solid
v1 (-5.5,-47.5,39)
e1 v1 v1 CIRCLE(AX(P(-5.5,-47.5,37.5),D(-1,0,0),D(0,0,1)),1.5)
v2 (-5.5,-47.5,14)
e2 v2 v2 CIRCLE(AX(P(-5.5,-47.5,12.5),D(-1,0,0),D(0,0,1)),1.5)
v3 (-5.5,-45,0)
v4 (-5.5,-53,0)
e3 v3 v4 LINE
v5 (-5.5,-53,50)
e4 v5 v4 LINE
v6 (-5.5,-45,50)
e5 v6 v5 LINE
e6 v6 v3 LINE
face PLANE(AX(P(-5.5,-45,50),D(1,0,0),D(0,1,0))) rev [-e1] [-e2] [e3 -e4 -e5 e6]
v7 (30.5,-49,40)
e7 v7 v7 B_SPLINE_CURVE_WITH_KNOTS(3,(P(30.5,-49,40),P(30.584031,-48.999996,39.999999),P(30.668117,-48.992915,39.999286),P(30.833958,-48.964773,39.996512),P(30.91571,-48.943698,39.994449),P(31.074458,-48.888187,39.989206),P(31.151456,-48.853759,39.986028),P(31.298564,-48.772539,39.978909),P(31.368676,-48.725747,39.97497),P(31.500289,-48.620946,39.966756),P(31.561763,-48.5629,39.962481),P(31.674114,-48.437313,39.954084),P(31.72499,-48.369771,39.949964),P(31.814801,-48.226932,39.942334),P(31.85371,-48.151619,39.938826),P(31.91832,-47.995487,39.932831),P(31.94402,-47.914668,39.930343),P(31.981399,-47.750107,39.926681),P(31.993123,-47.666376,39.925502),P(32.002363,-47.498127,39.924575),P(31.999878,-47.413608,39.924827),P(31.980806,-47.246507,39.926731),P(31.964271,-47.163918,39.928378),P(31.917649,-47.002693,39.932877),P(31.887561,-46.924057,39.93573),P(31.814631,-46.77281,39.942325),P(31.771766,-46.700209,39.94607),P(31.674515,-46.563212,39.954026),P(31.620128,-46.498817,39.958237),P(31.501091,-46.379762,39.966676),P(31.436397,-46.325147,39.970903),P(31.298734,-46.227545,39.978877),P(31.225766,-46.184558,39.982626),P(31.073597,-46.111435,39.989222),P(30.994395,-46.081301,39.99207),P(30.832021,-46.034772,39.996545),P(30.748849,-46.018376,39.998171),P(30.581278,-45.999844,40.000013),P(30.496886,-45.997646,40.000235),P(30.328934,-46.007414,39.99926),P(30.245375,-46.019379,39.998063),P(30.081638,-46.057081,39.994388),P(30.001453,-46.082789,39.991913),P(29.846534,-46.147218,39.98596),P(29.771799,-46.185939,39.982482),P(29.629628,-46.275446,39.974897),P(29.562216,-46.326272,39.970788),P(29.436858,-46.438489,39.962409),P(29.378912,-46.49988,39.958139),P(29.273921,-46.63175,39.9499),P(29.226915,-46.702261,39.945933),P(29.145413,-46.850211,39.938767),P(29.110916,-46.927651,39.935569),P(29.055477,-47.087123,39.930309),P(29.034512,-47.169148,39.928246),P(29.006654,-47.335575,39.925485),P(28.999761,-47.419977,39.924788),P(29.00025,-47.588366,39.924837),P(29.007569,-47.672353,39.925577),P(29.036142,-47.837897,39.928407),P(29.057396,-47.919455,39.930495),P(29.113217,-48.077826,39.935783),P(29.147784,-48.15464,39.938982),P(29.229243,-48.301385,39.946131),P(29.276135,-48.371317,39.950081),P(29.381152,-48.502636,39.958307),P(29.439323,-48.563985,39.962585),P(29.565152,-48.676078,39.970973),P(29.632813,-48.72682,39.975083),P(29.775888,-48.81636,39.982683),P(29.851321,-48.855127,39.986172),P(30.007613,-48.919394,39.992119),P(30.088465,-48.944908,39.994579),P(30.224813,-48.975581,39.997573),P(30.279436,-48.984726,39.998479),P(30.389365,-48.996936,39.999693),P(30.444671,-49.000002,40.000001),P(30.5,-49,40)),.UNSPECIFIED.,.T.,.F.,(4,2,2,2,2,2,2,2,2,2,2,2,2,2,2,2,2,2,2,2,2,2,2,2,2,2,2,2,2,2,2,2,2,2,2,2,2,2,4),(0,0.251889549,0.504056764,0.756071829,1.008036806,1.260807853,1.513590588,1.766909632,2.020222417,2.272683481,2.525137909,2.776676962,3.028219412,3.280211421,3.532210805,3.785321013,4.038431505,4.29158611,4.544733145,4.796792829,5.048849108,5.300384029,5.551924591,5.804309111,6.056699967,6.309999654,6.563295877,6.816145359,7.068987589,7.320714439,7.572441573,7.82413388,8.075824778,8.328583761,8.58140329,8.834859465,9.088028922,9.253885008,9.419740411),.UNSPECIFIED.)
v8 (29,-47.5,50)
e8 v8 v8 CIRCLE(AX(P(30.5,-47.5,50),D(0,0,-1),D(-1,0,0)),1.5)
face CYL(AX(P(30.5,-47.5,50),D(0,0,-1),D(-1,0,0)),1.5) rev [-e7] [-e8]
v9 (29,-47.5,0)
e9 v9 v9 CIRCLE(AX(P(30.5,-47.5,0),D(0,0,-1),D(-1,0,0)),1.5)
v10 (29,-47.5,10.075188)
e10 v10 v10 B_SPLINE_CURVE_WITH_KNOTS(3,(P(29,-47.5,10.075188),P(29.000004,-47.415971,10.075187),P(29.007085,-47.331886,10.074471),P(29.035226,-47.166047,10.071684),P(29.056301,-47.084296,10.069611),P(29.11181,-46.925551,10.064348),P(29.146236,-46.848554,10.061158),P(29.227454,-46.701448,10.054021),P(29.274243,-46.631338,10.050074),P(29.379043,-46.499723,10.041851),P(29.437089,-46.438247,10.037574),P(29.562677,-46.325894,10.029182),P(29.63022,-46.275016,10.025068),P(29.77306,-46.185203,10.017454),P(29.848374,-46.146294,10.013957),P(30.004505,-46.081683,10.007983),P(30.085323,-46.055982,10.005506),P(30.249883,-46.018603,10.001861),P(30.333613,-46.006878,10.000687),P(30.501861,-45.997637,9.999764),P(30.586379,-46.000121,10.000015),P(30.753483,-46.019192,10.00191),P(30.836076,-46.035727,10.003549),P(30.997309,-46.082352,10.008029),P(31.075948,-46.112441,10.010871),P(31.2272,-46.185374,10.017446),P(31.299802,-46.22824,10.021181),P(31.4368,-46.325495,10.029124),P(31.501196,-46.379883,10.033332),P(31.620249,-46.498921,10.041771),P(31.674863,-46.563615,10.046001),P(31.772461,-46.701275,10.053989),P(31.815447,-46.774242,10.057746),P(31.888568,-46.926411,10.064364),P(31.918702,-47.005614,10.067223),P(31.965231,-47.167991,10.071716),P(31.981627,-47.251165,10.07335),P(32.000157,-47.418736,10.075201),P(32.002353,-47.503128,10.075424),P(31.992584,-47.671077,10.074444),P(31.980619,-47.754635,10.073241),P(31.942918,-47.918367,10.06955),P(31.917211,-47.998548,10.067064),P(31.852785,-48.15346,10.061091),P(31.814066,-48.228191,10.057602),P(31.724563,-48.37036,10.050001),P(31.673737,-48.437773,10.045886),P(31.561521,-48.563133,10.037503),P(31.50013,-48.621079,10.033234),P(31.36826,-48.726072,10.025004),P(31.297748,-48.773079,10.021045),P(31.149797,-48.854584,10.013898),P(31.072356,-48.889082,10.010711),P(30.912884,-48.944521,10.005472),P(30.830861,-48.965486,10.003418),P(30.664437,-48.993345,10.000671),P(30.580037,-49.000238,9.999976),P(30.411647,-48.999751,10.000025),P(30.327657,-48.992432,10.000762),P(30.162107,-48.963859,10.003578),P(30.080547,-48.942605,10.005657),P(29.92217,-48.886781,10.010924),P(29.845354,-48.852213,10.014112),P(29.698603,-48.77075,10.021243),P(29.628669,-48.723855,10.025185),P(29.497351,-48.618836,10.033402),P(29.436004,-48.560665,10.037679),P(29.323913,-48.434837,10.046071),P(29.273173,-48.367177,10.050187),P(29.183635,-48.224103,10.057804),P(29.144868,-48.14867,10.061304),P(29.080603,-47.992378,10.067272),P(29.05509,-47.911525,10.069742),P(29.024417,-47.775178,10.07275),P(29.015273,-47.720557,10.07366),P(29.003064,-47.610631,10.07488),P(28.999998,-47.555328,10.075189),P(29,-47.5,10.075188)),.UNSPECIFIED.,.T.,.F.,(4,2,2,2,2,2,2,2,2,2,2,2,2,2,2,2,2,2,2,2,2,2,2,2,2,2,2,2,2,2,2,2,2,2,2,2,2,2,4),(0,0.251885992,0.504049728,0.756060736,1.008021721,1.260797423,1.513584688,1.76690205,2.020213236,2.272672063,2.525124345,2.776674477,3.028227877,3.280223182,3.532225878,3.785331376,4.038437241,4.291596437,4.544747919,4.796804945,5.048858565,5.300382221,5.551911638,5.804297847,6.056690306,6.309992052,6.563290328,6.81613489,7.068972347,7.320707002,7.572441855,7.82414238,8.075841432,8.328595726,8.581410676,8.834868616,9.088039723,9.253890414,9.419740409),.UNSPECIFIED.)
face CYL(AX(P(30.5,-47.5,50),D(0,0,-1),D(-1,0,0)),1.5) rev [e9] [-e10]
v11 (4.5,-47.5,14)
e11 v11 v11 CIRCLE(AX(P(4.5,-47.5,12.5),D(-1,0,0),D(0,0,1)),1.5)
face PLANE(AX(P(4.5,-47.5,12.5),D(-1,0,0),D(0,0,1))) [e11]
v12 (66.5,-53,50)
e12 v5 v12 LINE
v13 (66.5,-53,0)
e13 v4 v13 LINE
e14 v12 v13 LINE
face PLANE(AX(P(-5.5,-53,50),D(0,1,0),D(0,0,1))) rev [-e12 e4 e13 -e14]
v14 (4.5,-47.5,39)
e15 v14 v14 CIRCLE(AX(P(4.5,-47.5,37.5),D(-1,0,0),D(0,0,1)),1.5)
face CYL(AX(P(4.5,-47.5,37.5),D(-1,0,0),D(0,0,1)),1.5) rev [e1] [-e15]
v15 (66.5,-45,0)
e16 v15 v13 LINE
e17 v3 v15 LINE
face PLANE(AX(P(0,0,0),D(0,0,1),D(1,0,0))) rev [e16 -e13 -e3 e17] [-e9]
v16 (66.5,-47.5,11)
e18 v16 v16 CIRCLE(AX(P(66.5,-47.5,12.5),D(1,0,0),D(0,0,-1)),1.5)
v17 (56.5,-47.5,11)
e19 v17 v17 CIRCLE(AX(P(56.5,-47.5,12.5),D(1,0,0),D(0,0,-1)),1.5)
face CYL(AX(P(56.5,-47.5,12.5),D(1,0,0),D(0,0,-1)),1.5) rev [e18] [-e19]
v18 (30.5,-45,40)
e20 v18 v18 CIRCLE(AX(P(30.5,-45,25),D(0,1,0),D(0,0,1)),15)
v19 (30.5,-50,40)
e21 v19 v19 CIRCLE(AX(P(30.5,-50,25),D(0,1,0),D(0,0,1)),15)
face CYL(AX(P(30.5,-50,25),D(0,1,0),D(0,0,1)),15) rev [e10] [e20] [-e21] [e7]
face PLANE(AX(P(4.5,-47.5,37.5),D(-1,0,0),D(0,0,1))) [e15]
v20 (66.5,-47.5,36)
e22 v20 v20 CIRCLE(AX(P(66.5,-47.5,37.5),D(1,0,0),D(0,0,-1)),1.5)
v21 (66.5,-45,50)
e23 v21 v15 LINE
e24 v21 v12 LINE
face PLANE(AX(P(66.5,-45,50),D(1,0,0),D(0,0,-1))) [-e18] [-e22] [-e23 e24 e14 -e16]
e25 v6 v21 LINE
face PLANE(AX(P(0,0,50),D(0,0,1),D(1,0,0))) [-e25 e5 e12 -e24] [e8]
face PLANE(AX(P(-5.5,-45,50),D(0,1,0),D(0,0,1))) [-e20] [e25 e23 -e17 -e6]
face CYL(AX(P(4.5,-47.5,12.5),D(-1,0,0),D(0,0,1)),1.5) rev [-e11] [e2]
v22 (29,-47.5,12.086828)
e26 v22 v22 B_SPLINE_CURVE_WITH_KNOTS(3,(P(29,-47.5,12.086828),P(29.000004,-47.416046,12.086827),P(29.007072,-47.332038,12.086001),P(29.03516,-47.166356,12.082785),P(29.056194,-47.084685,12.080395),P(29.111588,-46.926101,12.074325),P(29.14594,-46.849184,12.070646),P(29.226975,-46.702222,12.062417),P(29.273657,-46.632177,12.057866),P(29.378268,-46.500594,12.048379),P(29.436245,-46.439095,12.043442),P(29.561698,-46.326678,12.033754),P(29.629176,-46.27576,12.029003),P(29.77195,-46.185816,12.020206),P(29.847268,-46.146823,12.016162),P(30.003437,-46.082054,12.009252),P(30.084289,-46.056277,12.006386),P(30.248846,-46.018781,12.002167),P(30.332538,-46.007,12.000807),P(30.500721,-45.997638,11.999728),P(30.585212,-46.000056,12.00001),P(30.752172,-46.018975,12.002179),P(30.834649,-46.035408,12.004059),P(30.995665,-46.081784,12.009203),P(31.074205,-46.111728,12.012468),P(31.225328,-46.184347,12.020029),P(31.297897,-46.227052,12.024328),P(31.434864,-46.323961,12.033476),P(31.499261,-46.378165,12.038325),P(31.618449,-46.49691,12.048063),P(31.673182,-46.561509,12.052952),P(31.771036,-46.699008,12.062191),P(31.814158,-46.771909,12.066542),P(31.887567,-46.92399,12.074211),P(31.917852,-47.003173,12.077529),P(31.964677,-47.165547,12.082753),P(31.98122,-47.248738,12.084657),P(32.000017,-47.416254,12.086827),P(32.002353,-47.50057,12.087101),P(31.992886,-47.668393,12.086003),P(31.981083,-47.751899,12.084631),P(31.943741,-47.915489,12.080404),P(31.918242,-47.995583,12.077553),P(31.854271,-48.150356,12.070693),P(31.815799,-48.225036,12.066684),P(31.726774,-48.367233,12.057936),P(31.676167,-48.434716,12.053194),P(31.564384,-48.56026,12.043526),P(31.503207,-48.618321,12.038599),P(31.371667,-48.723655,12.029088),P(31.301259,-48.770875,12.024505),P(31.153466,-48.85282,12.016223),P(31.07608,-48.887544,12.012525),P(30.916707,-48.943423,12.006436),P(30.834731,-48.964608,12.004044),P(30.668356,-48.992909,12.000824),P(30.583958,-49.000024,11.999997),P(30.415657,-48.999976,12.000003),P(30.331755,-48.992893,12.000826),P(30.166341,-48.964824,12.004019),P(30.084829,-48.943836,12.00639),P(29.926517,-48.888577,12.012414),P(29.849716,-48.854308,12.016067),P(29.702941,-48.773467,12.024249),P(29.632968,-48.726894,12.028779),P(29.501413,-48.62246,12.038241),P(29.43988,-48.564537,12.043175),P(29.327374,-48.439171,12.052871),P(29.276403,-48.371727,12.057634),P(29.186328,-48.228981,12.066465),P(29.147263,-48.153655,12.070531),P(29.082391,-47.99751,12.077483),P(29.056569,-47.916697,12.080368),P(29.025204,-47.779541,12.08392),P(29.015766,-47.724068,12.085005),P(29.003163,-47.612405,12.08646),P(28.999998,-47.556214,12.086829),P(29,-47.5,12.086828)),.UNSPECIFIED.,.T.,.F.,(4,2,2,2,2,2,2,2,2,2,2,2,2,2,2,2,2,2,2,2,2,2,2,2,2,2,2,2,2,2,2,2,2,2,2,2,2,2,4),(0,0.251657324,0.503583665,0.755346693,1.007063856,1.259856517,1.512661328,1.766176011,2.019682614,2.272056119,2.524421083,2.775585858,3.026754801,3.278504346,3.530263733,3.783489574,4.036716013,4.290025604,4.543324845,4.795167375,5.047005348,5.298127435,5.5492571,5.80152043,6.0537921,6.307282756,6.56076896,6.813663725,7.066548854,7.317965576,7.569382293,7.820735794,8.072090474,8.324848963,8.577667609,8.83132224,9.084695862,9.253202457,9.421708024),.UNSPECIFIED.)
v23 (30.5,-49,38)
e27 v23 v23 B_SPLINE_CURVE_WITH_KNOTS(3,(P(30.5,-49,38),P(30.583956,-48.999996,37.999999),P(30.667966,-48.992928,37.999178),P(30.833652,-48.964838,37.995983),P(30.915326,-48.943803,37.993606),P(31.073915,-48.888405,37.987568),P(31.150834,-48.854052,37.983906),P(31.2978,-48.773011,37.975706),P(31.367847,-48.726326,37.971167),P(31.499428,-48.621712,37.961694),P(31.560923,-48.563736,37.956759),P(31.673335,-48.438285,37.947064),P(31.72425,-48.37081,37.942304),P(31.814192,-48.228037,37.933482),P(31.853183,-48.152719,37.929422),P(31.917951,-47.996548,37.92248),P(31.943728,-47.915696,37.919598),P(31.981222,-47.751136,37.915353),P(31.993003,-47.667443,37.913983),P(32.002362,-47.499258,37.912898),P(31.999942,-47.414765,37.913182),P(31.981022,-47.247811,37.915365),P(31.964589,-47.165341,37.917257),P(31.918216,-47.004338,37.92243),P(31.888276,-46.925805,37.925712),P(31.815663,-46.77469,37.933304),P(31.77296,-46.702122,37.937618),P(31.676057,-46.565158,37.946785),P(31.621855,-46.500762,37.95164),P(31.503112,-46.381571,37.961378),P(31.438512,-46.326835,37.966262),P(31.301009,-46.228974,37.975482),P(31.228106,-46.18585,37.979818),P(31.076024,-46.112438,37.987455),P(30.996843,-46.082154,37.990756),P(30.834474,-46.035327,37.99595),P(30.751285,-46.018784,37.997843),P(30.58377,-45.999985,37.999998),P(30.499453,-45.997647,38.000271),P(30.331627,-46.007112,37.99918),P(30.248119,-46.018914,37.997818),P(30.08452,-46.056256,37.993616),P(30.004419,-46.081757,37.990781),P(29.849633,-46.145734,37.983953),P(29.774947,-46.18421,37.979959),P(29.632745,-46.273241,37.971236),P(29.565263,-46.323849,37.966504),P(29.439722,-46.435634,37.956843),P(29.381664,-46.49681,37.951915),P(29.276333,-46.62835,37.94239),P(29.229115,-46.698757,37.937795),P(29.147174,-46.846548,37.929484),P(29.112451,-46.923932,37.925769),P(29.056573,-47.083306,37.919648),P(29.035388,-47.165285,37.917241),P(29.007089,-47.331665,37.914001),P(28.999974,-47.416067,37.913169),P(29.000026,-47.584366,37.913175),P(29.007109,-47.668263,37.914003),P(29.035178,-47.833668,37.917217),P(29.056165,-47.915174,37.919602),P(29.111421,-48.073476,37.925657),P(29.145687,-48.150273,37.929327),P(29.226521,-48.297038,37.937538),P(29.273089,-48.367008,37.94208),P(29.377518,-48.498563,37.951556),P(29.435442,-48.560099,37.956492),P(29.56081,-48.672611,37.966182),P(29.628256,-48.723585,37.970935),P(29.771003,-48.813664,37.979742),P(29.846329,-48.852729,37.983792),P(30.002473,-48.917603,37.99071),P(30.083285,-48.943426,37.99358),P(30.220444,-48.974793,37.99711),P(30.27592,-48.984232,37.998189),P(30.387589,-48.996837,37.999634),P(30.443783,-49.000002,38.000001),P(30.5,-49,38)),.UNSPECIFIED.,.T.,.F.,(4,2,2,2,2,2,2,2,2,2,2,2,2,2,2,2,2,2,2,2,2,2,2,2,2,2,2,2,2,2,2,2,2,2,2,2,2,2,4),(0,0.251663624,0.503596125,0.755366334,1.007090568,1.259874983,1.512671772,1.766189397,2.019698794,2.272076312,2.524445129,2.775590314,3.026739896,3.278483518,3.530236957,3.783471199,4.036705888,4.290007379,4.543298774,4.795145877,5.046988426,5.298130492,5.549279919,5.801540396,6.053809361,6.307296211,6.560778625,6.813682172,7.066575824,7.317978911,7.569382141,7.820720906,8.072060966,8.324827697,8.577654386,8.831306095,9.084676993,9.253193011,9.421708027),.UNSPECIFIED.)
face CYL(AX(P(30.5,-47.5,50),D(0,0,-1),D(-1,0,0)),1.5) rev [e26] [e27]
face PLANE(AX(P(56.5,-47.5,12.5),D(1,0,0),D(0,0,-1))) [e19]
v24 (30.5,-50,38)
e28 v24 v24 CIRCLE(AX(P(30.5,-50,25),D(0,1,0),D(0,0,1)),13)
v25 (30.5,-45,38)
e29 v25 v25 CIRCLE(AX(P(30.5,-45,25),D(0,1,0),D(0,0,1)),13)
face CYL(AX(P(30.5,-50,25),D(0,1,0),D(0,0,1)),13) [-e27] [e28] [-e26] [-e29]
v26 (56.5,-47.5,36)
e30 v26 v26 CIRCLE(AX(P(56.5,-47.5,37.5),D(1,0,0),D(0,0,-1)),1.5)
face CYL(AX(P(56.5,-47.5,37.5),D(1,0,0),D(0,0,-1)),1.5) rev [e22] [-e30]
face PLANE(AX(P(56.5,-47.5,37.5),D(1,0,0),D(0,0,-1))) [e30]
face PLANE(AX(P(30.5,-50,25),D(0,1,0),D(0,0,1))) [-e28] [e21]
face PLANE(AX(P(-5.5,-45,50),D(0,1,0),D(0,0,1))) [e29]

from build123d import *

# Parameters (mm, degrees)
ESQUISSE1_W             = 72
ESQUISSE1_H             = 8
BOSS_EXTRU_1_DEPTH      = 50
ESQUISSE2_R             = 15
ESQUISSE2_R_2           = 13
ENL_V_MAT_EXTRU_1_DEPTH = 5
ESQUISSE3_R             = 1.5
ENL_V_MAT_EXTRU_2_DEPTH = 10
ESQUISSE4_R             = 1.5
ENL_V_MAT_EXTRU_3_DEPTH = 10
ESQUISSE5_R             = 1.5
ENL_V_MAT_EXTRU_4_DEPTH = 51


with BuildPart() as part:
    # Esquisse1 → Boss.-Extru.1 (new body)
    with BuildSketch(Plane.XY):
        with Locations((30.5, -49)):
            Rectangle(ESQUISSE1_W, ESQUISSE1_H)
    extrude(amount=BOSS_EXTRU_1_DEPTH)

    # Esquisse2 → Enlèv. mat.-Extru.1 (cut)
    with BuildSketch(Plane(origin=(0, -45, 0), x_dir=(-1, 0, 0), z_dir=(0, 1, 0))):
        with Locations((-30.5, 25)):
            Circle(ESQUISSE2_R)
        with Locations((-30.5, 25)):
            Circle(ESQUISSE2_R_2, mode=Mode.SUBTRACT)
    extrude(amount=-ENL_V_MAT_EXTRU_1_DEPTH, mode=Mode.SUBTRACT)

    # Esquisse3 → Enlèv. mat.-Extru.2 (cut)
    with BuildSketch(Plane.ZY.offset(5.5)):
        with Locations((12.5, -47.5)):
            Circle(ESQUISSE3_R)
        with Locations((37.5, -47.5)):
            Circle(ESQUISSE3_R)
    extrude(amount=-ENL_V_MAT_EXTRU_2_DEPTH, mode=Mode.SUBTRACT)

    # Esquisse4 → Enlèv. mat.-Extru.3 (cut)
    with BuildSketch(Plane(origin=(66.5, 0, 0), x_dir=(0, 0, -1), z_dir=(1, 0, 0))):
        with Locations((-37.5, -47.5)):
            Circle(ESQUISSE4_R)
        with Locations((-12.5, -47.5)):
            Circle(ESQUISSE4_R)
    extrude(amount=-ENL_V_MAT_EXTRU_3_DEPTH, mode=Mode.SUBTRACT)

    # Esquisse5 → Enlèv. mat.-Extru.4 (cut, through all)
    with BuildSketch(Plane(origin=(0, 0, 0), x_dir=(-1, 0, 0), z_dir=(0, 0, -1))):
        with Locations((-30.5, -47.5)):
            Circle(ESQUISSE5_R)
    extrude(amount=-ENL_V_MAT_EXTRU_4_DEPTH, mode=Mode.SUBTRACT)


solid = part.part
